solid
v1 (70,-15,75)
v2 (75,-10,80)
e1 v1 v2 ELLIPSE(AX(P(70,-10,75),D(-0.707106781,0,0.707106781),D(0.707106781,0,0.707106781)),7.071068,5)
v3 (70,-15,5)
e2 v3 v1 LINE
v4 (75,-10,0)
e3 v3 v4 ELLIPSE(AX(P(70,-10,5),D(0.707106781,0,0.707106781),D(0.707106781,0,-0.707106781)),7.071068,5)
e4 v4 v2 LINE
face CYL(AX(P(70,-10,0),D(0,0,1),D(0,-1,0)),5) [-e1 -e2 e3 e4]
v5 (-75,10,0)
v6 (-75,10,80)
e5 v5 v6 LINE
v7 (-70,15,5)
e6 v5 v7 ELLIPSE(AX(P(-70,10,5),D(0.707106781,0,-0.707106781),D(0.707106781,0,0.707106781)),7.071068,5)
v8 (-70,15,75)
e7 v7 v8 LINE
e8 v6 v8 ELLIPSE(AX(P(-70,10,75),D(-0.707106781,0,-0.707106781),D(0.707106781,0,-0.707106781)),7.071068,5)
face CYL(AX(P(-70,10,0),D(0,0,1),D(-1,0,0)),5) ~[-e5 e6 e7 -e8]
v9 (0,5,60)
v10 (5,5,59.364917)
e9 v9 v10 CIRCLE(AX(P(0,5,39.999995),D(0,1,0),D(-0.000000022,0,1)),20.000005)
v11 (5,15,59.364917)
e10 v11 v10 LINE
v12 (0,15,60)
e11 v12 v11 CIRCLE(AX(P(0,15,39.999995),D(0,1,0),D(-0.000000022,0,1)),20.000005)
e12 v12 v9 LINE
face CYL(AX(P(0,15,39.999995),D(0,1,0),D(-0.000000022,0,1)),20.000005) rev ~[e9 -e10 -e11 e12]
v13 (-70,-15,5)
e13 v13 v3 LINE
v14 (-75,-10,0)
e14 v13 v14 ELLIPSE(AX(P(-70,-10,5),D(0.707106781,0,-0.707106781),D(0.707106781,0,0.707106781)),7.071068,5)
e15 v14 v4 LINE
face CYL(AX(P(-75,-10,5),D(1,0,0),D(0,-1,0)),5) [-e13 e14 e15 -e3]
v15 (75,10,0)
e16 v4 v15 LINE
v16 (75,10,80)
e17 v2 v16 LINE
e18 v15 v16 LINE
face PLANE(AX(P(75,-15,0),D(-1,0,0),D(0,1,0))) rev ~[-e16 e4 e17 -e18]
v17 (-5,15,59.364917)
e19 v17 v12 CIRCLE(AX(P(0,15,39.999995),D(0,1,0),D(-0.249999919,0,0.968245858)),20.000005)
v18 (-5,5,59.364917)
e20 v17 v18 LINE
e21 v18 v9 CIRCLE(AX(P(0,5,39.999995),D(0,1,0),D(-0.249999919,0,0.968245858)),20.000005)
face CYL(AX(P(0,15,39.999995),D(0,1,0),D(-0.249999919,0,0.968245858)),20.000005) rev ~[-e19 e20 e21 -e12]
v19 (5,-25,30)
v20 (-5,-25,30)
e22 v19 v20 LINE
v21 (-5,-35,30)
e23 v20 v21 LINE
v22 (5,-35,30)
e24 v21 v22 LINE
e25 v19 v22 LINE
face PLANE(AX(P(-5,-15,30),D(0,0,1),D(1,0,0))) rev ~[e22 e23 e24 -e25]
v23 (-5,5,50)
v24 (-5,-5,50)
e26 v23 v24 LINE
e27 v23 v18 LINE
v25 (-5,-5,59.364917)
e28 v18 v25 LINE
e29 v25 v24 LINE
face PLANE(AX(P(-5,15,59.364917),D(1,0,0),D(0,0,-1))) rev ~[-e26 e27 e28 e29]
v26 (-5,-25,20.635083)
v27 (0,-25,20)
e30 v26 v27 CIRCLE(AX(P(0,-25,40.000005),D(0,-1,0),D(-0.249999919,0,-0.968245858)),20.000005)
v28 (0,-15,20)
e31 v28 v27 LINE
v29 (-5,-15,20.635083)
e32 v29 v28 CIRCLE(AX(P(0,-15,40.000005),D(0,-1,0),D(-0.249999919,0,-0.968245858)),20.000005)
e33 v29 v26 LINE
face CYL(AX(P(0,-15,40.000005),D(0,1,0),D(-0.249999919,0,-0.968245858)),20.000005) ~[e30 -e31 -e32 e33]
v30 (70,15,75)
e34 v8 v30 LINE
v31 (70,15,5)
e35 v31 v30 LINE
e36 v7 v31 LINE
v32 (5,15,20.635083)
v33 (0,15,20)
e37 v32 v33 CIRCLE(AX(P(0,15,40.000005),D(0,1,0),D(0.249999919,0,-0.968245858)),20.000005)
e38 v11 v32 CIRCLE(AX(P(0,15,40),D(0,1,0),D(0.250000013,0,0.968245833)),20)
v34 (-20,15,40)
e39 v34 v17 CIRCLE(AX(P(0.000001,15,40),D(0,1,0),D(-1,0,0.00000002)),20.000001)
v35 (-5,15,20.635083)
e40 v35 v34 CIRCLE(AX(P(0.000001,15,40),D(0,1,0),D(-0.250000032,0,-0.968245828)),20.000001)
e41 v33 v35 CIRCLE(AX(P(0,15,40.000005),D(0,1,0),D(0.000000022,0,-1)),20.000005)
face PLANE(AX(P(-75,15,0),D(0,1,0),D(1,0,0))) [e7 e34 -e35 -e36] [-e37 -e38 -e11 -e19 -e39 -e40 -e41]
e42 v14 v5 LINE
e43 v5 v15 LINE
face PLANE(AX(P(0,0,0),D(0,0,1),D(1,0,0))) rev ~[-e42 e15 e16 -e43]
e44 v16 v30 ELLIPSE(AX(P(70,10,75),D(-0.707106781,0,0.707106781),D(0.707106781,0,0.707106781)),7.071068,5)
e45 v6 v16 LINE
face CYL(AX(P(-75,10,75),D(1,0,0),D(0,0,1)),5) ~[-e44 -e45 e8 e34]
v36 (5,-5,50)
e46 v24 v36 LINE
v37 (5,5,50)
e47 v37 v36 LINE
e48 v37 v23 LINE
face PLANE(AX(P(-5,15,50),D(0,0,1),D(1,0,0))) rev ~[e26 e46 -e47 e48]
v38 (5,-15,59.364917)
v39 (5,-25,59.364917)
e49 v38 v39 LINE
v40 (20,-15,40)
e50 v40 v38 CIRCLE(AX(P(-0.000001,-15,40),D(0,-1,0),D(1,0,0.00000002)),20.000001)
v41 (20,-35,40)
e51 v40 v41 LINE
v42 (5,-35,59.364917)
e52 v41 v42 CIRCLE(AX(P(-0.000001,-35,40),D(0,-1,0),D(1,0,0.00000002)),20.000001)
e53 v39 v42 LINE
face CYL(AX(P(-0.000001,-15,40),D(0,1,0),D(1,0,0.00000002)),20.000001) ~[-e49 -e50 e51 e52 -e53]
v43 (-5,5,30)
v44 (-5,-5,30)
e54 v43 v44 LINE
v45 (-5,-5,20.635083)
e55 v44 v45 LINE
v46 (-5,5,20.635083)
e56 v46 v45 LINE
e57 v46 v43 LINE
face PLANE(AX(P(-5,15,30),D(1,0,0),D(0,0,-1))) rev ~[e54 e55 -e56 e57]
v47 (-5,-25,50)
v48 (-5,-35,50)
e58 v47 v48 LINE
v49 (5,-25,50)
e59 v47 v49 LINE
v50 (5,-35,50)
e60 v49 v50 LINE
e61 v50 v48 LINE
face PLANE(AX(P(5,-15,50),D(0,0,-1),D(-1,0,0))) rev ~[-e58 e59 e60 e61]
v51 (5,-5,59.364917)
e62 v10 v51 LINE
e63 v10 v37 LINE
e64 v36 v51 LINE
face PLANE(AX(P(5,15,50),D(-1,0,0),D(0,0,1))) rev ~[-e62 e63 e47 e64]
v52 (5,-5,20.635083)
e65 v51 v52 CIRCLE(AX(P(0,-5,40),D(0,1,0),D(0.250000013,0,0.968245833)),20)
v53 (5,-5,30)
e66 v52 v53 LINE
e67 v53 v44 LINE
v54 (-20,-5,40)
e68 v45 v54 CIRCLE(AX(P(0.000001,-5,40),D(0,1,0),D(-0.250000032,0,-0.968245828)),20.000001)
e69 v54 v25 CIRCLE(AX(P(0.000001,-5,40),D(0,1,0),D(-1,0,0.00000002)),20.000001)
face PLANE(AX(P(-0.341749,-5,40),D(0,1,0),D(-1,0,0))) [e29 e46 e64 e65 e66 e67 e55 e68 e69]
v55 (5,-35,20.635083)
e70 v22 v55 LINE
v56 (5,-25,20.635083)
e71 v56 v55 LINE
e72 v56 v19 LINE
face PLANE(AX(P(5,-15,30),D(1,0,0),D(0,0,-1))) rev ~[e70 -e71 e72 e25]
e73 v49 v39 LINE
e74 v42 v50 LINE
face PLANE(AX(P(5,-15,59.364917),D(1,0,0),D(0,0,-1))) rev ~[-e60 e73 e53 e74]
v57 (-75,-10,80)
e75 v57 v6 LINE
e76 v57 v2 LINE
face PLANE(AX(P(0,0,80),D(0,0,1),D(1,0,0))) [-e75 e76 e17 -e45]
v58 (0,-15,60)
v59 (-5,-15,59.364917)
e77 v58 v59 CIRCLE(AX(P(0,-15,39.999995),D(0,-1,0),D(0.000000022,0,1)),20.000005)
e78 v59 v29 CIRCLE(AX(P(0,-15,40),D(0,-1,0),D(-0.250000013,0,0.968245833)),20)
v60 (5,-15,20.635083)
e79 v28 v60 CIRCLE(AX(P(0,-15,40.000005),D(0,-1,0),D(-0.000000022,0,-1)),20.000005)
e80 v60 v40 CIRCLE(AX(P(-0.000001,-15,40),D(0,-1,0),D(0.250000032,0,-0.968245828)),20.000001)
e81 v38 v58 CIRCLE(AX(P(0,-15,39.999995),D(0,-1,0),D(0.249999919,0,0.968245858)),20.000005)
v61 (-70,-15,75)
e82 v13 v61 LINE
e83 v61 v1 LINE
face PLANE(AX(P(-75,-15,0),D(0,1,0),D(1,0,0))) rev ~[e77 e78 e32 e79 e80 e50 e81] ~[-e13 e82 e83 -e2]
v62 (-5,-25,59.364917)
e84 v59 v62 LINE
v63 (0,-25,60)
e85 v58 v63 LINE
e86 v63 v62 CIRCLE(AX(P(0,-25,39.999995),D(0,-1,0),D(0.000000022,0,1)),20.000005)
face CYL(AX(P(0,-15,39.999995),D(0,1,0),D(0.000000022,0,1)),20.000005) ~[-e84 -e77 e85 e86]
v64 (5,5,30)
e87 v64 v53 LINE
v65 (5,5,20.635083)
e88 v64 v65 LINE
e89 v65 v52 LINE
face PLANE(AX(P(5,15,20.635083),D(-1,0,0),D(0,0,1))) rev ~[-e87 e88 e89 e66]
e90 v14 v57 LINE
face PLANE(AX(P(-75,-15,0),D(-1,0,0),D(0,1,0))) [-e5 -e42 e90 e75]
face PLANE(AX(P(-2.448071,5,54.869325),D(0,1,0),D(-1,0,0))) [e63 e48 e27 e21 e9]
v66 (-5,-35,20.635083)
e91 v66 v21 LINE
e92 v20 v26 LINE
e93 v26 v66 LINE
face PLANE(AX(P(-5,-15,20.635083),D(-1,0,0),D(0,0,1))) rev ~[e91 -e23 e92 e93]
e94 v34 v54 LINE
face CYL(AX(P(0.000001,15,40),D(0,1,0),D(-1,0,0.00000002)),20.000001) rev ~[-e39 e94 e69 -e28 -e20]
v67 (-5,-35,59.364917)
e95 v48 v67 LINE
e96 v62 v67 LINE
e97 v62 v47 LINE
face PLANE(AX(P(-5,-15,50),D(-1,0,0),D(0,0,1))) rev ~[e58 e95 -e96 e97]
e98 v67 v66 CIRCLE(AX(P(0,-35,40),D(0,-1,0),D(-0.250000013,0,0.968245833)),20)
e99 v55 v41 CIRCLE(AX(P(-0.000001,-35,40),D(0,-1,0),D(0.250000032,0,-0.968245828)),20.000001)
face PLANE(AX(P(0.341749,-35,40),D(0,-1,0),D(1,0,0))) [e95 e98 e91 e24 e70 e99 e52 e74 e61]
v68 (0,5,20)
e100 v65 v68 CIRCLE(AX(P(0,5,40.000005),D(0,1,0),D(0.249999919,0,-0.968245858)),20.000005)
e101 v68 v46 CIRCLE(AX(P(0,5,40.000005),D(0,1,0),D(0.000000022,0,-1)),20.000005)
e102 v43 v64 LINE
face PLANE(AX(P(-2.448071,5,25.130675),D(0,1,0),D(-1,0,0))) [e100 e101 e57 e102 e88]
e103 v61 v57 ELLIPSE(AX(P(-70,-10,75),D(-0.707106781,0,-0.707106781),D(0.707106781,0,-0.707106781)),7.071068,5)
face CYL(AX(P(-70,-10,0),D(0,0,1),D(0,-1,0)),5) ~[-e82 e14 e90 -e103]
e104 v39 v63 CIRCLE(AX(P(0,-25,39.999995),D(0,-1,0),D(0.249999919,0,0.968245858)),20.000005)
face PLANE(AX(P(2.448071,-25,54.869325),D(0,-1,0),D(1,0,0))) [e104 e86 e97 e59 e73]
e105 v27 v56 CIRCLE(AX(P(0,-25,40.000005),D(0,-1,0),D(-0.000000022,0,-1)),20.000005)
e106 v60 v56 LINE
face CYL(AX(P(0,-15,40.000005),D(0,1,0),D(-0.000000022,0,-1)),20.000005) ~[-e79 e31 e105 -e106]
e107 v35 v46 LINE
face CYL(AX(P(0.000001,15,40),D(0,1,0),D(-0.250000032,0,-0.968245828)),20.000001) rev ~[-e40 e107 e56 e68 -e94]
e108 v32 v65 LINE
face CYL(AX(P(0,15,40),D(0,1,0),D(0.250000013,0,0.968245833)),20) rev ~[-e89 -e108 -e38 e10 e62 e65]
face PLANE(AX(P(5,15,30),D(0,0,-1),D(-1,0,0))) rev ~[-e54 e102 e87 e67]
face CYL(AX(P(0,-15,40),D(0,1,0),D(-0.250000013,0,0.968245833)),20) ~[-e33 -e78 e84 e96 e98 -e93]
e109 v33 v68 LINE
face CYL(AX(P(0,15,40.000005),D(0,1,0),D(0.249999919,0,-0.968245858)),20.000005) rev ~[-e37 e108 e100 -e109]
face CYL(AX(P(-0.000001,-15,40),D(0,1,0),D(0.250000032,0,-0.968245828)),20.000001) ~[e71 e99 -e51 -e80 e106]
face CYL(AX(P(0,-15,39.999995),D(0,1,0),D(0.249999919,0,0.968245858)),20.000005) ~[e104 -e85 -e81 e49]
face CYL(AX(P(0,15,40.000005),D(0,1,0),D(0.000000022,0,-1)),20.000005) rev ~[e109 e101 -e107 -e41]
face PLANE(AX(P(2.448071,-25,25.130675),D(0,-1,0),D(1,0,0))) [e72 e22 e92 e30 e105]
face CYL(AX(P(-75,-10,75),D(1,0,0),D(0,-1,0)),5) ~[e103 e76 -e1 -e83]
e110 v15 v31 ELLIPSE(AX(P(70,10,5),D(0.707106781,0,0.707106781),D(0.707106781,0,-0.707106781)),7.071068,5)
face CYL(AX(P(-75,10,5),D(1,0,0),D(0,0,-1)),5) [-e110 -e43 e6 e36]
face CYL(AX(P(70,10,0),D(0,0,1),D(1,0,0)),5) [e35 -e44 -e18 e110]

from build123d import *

# Parameters (mm, degrees)
F0_W     = 150
F0_H     = 30
F1_DEPTH = 80
F3_DEPTH = 20
F4_DEPTH = 10
F5_R     = 5
F7_DEPTH = 20
F8_DEPTH = 10


with BuildPart() as f1:
    # F0 (on Top) → F1 (new body)
    with BuildSketch(Plane.XY):
        Rectangle(F0_W, F0_H)
    extrude(amount=F1_DEPTH)

    # F2 (on face) → F3 (join)
    with BuildSketch(Plane.XZ.offset(15)):
        with BuildLine():
            ThreePointArc((5, 20.635083), (15.811388, 27.752551), (20, 40))
            ThreePointArc((20, 40), (15.811388, 52.247449), (5, 59.364917))
            Line((5, 59.364917), (5, 50))
            Line((5, 50), (0, 50))
            Line((0, 50), (-5, 50))
            Line((-5, 50), (-5, 59.364917))
            ThreePointArc((-5, 59.364917), (-20, 40), (-5, 20.635083))
            Line((-5, 20.635083), (-5, 30))
            Line((-5, 30), (0, 30))
            Line((0, 30), (5, 30))
            Line((5, 30), (5, 20.635083))
        make_face()
    extrude(amount=F3_DEPTH)

    # F2 (on face) → F4 (join)
    with BuildSketch(Plane.XZ.offset(15)):
        with BuildLine():
            Line((5, 50), (5, 59.364917))
            ThreePointArc((5, 59.364917), (2.520086, 59.840594), (0, 60))
            Line((0, 60), (0, 50))
            Line((0, 50), (5, 50))
        make_face()
        with BuildLine():
            Line((0, 50), (0, 60))
            ThreePointArc((0, 60), (-2.520086, 59.840594), (-5, 59.364917))
            Line((-5, 59.364917), (-5, 50))
            Line((-5, 50), (0, 50))
        make_face()
        with BuildLine():
            ThreePointArc((0, 20), (2.520086, 20.159406), (5, 20.635083))
            Line((5, 20.635083), (5, 30))
            Line((5, 30), (0, 30))
            Line((0, 30), (0, 20))
        make_face()
        with BuildLine():
            ThreePointArc((-5, 20.635083), (-2.520086, 20.159406), (0, 20))
            Line((0, 20), (0, 30))
            Line((0, 30), (-5, 30))
            Line((-5, 30), (-5, 20.635083))
        make_face()
    extrude(amount=F4_DEPTH)

    # F5
    f5_edges = [f1.edges().sort_by_distance(p)[0] for p in [
        (0, -15, 80),
        (0, 15, 80),
        (0, -15, 0),
        (0, 15, 0),
        (75, -15, 40),
        (75, 15, 40),
        (-75, -15, 40),
        (-75, 15, 40),
    ]]
    fillet(f5_edges, radius=F5_R)

    # F6 (on face) → F7 (cut)
    with BuildSketch(Plane(origin=(0, 15, 0), x_dir=(-1, 0, 0), z_dir=(0, 1, 0))):
        with BuildLine():
            ThreePointArc((5, 20.635083), (15.811388, 27.752551), (20, 40))
            ThreePointArc((20, 40), (15.811388, 52.247449), (5, 59.364917))
            Line((5, 59.364917), (5, 50))
            Line((5, 50), (0, 50))
            Line((0, 50), (-5, 50))
            Line((-5, 50), (-5, 59.364917))
            ThreePointArc((-5, 59.364917), (-20, 40), (-5, 20.635083))
            Line((-5, 20.635083), (-5, 30))
            Line((-5, 30), (0, 30))
            Line((0, 30), (5, 30))
            Line((5, 30), (5, 20.635083))
        make_face()
    extrude(amount=-F7_DEPTH, mode=Mode.SUBTRACT)

    # F6 (on face) → F8 (cut)
    with BuildSketch(Plane(origin=(0, 15, 0), x_dir=(-1, 0, 0), z_dir=(0, 1, 0))):
        with BuildLine():
            Line((5, 50), (5, 59.364917))
            ThreePointArc((5, 59.364917), (2.520086, 59.840594), (0, 60))
            Line((0, 60), (0, 50))
            Line((0, 50), (5, 50))
        make_face()
        with BuildLine():
            Line((0, 50), (0, 60))
            ThreePointArc((0, 60), (-2.520086, 59.840594), (-5, 59.364917))
            Line((-5, 59.364917), (-5, 50))
            Line((-5, 50), (0, 50))
        make_face()
        with BuildLine():
            ThreePointArc((0, 20), (2.520086, 20.159406), (5, 20.635083))
            Line((5, 20.635083), (5, 30))
            Line((5, 30), (0, 30))
            Line((0, 30), (0, 20))
        make_face()
        with BuildLine():
            ThreePointArc((-5, 20.635083), (-2.520086, 20.159406), (0, 20))
            Line((0, 20), (0, 30))
            Line((0, 30), (-5, 30))
            Line((-5, 30), (-5, 20.635083))
        make_face()
    extrude(amount=-F8_DEPTH, mode=Mode.SUBTRACT)


solid = f1.part
